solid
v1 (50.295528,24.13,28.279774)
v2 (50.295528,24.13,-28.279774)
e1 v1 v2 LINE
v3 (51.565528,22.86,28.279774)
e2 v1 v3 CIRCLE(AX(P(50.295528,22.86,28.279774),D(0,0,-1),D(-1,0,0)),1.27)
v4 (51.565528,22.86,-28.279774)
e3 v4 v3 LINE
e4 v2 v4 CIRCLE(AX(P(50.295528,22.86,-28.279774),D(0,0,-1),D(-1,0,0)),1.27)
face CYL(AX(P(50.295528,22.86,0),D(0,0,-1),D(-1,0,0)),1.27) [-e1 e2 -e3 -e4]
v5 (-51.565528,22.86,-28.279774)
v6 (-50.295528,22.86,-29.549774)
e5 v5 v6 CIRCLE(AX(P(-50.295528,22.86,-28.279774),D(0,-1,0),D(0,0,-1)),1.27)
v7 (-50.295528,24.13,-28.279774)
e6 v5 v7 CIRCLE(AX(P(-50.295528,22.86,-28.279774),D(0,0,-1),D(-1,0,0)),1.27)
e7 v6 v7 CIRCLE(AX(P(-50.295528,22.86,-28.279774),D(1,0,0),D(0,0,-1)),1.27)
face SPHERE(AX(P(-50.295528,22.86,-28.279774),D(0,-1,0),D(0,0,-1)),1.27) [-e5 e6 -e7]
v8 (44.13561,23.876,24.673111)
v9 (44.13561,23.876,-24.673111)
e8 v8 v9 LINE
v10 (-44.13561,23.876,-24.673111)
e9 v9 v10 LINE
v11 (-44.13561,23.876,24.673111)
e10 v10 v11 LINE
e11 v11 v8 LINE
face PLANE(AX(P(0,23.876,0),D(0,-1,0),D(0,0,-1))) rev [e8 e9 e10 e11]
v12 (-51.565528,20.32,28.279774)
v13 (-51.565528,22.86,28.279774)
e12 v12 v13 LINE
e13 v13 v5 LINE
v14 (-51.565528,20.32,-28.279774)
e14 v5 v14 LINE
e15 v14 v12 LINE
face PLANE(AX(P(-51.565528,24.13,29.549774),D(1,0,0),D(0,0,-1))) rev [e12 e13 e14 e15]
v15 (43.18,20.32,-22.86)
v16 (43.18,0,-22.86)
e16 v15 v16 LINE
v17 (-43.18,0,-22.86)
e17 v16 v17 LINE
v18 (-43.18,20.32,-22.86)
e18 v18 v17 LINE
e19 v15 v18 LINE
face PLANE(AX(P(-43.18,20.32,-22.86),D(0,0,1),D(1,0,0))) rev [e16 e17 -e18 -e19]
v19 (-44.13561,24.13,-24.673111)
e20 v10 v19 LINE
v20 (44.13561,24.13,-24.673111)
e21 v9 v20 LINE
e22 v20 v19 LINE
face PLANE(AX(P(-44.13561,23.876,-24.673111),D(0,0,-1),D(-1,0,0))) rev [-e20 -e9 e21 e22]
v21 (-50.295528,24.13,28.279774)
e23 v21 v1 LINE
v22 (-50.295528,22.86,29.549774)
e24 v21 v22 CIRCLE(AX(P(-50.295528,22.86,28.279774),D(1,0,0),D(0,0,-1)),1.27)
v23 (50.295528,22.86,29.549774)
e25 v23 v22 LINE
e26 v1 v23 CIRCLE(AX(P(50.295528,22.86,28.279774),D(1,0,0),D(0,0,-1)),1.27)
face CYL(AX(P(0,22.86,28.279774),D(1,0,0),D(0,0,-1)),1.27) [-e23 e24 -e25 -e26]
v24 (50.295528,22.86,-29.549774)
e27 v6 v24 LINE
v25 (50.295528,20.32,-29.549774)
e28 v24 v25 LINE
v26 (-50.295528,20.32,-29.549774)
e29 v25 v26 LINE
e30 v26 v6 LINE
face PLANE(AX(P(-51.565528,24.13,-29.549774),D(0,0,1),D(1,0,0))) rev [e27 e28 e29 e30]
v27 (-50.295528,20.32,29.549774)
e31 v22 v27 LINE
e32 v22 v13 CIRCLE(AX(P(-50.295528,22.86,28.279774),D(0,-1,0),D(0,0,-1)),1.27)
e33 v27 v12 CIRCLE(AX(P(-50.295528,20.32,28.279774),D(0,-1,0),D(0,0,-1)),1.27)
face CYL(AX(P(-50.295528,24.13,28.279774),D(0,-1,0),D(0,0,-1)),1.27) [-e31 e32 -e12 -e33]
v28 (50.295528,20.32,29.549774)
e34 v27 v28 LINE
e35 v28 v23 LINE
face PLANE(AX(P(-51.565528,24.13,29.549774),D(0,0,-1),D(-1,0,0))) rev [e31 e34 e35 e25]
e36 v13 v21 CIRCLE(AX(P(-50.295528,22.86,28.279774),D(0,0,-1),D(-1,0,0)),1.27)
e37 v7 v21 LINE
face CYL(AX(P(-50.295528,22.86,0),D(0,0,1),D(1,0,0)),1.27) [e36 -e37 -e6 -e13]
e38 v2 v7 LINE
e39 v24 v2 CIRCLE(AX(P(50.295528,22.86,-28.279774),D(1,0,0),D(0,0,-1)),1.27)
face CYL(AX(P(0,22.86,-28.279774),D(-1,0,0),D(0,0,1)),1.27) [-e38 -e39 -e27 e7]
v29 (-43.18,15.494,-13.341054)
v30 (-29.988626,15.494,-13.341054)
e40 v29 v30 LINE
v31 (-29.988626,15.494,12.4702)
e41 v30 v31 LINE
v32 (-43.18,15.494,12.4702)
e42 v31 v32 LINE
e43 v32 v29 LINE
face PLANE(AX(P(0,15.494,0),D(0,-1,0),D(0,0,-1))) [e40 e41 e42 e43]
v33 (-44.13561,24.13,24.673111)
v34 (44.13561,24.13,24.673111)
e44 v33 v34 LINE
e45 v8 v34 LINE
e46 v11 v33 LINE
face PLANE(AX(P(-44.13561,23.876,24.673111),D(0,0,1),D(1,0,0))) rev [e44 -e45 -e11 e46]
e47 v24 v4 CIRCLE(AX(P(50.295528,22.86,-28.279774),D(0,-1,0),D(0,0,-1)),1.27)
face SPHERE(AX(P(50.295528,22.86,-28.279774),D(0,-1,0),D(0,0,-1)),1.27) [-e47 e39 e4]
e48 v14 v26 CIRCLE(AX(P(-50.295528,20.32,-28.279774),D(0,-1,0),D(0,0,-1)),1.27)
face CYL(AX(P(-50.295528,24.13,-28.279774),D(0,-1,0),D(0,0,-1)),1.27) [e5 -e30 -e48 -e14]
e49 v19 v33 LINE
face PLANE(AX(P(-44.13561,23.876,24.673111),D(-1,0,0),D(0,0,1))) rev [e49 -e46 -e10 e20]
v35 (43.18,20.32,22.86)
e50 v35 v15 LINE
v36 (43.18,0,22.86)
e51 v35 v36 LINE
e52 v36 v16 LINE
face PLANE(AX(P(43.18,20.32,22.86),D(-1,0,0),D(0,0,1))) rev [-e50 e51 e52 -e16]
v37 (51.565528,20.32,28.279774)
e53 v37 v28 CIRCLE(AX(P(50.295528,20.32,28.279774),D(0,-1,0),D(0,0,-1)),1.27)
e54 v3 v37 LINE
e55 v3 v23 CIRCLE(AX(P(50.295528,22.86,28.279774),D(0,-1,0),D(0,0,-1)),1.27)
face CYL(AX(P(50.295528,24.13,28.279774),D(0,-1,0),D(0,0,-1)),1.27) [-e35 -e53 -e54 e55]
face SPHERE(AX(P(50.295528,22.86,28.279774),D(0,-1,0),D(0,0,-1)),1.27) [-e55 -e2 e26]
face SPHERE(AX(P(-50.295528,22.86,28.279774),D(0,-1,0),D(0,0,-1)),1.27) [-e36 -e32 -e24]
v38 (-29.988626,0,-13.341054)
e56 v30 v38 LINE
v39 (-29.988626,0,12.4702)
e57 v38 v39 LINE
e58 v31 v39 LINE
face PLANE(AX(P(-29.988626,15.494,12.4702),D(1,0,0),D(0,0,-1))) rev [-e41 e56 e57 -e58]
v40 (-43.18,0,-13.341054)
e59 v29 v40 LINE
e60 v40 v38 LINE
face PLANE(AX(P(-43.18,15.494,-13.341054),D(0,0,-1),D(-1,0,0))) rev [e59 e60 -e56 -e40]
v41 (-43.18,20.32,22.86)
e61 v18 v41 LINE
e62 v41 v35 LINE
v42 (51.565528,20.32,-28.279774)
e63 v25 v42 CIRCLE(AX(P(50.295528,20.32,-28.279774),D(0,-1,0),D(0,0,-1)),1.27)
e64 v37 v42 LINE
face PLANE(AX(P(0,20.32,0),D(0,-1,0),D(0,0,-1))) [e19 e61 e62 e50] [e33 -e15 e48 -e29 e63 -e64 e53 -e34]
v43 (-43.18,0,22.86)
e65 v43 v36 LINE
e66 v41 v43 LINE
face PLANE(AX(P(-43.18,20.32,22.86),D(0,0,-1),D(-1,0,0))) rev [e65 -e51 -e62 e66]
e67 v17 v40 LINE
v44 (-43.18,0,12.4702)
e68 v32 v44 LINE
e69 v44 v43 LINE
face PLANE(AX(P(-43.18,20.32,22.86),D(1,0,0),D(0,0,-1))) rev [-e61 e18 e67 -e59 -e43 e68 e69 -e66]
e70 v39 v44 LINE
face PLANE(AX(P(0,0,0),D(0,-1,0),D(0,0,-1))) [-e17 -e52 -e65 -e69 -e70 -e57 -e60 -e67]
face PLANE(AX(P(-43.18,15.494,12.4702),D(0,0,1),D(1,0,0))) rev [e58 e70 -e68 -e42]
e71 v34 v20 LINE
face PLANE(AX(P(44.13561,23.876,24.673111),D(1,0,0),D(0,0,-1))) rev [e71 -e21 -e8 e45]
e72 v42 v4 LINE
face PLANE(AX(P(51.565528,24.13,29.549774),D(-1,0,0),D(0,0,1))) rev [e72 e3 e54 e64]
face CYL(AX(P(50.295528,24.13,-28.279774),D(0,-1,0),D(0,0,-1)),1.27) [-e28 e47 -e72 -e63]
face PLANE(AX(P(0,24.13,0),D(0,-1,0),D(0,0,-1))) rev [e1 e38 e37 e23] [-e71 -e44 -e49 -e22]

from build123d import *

# Parameters (mm, degrees)
SKETCH1_W           = 86.36
SKETCH1_H           = 45.72
BOSS_EXTRUDE1_DEPTH = 20.32
SKETCH2_W           = 13.191373839
SKETCH2_H           = 25.811253635
CUT_EXTRUDE1_DEPTH  = 15.494
SKETCH3_W           = 103.131055872
SKETCH3_H           = 59.099547652
BOSS_EXTRUDE2_DEPTH = 3.81
FILLET1_R           = 1.27
FILLET2_R           = 1.27
SKETCH4_W           = 88.271220028
SKETCH4_H           = 49.346222858
CUT_EXTRUDE2_DEPTH  = 0.254


with BuildPart() as part:
    # Sketch1 → Boss-Extrude1 (new body)
    with BuildSketch(Plane(origin=(0, 0, 0), x_dir=(1, 0, 0), z_dir=(0, 1, 0))):
        Rectangle(SKETCH1_W, SKETCH1_H)
    extrude(amount=BOSS_EXTRUDE1_DEPTH)

    # Sketch2 → Cut-Extrude1 (cut)
    with BuildSketch(Plane.XZ):
        with Locations((-36.584313081, -0.435427154)):
            Rectangle(SKETCH2_W, SKETCH2_H)
    extrude(amount=-CUT_EXTRUDE1_DEPTH, mode=Mode.SUBTRACT)

    # Sketch3 → Boss-Extrude2 (add)
    with BuildSketch(Plane(origin=(0, 20.32, 0), x_dir=(1, 0, 0), z_dir=(0, 1, 0))):
        Rectangle(SKETCH3_W, SKETCH3_H)
    extrude(amount=BOSS_EXTRUDE2_DEPTH)

    # Fillet1
    fillet1_edges = [part.edges().sort_by_distance(p)[0] for p in [
        (51.565527936, 22.225, 29.549773826),
        (51.565527936, 22.225, -29.549773826),
        (-51.565527936, 22.225, -29.549773826),
        (-51.565527936, 22.225, 29.549773826),
    ]]
    fillet(fillet1_edges, radius=FILLET1_R)

    # Fillet2
    fillet2_edges = [part.edges().sort_by_distance(p)[0] for p in [
        (-51.565527936, 24.13, 0),
        (0, 24.13, -29.549773826),
        (51.565527936, 24.13, 0),
        (0, 24.13, 29.549773826),
        (-51.193553548, 24.13, 29.177799438),
        (51.193553548, 24.13, 29.177799438),
        (51.193553548, 24.13, -29.177799438),
        (-51.193553548, 24.13, -29.177799438),
    ]]
    fillet(fillet2_edges, radius=FILLET2_R)

    # Sketch4 → Cut-Extrude2 (cut)
    with BuildSketch(Plane(origin=(0, 24.13, 0), x_dir=(1, 0, 0), z_dir=(0, 1, 0))):
        Rectangle(SKETCH4_W, SKETCH4_H)
    extrude(amount=-CUT_EXTRUDE2_DEPTH, mode=Mode.SUBTRACT)


solid = part.part
